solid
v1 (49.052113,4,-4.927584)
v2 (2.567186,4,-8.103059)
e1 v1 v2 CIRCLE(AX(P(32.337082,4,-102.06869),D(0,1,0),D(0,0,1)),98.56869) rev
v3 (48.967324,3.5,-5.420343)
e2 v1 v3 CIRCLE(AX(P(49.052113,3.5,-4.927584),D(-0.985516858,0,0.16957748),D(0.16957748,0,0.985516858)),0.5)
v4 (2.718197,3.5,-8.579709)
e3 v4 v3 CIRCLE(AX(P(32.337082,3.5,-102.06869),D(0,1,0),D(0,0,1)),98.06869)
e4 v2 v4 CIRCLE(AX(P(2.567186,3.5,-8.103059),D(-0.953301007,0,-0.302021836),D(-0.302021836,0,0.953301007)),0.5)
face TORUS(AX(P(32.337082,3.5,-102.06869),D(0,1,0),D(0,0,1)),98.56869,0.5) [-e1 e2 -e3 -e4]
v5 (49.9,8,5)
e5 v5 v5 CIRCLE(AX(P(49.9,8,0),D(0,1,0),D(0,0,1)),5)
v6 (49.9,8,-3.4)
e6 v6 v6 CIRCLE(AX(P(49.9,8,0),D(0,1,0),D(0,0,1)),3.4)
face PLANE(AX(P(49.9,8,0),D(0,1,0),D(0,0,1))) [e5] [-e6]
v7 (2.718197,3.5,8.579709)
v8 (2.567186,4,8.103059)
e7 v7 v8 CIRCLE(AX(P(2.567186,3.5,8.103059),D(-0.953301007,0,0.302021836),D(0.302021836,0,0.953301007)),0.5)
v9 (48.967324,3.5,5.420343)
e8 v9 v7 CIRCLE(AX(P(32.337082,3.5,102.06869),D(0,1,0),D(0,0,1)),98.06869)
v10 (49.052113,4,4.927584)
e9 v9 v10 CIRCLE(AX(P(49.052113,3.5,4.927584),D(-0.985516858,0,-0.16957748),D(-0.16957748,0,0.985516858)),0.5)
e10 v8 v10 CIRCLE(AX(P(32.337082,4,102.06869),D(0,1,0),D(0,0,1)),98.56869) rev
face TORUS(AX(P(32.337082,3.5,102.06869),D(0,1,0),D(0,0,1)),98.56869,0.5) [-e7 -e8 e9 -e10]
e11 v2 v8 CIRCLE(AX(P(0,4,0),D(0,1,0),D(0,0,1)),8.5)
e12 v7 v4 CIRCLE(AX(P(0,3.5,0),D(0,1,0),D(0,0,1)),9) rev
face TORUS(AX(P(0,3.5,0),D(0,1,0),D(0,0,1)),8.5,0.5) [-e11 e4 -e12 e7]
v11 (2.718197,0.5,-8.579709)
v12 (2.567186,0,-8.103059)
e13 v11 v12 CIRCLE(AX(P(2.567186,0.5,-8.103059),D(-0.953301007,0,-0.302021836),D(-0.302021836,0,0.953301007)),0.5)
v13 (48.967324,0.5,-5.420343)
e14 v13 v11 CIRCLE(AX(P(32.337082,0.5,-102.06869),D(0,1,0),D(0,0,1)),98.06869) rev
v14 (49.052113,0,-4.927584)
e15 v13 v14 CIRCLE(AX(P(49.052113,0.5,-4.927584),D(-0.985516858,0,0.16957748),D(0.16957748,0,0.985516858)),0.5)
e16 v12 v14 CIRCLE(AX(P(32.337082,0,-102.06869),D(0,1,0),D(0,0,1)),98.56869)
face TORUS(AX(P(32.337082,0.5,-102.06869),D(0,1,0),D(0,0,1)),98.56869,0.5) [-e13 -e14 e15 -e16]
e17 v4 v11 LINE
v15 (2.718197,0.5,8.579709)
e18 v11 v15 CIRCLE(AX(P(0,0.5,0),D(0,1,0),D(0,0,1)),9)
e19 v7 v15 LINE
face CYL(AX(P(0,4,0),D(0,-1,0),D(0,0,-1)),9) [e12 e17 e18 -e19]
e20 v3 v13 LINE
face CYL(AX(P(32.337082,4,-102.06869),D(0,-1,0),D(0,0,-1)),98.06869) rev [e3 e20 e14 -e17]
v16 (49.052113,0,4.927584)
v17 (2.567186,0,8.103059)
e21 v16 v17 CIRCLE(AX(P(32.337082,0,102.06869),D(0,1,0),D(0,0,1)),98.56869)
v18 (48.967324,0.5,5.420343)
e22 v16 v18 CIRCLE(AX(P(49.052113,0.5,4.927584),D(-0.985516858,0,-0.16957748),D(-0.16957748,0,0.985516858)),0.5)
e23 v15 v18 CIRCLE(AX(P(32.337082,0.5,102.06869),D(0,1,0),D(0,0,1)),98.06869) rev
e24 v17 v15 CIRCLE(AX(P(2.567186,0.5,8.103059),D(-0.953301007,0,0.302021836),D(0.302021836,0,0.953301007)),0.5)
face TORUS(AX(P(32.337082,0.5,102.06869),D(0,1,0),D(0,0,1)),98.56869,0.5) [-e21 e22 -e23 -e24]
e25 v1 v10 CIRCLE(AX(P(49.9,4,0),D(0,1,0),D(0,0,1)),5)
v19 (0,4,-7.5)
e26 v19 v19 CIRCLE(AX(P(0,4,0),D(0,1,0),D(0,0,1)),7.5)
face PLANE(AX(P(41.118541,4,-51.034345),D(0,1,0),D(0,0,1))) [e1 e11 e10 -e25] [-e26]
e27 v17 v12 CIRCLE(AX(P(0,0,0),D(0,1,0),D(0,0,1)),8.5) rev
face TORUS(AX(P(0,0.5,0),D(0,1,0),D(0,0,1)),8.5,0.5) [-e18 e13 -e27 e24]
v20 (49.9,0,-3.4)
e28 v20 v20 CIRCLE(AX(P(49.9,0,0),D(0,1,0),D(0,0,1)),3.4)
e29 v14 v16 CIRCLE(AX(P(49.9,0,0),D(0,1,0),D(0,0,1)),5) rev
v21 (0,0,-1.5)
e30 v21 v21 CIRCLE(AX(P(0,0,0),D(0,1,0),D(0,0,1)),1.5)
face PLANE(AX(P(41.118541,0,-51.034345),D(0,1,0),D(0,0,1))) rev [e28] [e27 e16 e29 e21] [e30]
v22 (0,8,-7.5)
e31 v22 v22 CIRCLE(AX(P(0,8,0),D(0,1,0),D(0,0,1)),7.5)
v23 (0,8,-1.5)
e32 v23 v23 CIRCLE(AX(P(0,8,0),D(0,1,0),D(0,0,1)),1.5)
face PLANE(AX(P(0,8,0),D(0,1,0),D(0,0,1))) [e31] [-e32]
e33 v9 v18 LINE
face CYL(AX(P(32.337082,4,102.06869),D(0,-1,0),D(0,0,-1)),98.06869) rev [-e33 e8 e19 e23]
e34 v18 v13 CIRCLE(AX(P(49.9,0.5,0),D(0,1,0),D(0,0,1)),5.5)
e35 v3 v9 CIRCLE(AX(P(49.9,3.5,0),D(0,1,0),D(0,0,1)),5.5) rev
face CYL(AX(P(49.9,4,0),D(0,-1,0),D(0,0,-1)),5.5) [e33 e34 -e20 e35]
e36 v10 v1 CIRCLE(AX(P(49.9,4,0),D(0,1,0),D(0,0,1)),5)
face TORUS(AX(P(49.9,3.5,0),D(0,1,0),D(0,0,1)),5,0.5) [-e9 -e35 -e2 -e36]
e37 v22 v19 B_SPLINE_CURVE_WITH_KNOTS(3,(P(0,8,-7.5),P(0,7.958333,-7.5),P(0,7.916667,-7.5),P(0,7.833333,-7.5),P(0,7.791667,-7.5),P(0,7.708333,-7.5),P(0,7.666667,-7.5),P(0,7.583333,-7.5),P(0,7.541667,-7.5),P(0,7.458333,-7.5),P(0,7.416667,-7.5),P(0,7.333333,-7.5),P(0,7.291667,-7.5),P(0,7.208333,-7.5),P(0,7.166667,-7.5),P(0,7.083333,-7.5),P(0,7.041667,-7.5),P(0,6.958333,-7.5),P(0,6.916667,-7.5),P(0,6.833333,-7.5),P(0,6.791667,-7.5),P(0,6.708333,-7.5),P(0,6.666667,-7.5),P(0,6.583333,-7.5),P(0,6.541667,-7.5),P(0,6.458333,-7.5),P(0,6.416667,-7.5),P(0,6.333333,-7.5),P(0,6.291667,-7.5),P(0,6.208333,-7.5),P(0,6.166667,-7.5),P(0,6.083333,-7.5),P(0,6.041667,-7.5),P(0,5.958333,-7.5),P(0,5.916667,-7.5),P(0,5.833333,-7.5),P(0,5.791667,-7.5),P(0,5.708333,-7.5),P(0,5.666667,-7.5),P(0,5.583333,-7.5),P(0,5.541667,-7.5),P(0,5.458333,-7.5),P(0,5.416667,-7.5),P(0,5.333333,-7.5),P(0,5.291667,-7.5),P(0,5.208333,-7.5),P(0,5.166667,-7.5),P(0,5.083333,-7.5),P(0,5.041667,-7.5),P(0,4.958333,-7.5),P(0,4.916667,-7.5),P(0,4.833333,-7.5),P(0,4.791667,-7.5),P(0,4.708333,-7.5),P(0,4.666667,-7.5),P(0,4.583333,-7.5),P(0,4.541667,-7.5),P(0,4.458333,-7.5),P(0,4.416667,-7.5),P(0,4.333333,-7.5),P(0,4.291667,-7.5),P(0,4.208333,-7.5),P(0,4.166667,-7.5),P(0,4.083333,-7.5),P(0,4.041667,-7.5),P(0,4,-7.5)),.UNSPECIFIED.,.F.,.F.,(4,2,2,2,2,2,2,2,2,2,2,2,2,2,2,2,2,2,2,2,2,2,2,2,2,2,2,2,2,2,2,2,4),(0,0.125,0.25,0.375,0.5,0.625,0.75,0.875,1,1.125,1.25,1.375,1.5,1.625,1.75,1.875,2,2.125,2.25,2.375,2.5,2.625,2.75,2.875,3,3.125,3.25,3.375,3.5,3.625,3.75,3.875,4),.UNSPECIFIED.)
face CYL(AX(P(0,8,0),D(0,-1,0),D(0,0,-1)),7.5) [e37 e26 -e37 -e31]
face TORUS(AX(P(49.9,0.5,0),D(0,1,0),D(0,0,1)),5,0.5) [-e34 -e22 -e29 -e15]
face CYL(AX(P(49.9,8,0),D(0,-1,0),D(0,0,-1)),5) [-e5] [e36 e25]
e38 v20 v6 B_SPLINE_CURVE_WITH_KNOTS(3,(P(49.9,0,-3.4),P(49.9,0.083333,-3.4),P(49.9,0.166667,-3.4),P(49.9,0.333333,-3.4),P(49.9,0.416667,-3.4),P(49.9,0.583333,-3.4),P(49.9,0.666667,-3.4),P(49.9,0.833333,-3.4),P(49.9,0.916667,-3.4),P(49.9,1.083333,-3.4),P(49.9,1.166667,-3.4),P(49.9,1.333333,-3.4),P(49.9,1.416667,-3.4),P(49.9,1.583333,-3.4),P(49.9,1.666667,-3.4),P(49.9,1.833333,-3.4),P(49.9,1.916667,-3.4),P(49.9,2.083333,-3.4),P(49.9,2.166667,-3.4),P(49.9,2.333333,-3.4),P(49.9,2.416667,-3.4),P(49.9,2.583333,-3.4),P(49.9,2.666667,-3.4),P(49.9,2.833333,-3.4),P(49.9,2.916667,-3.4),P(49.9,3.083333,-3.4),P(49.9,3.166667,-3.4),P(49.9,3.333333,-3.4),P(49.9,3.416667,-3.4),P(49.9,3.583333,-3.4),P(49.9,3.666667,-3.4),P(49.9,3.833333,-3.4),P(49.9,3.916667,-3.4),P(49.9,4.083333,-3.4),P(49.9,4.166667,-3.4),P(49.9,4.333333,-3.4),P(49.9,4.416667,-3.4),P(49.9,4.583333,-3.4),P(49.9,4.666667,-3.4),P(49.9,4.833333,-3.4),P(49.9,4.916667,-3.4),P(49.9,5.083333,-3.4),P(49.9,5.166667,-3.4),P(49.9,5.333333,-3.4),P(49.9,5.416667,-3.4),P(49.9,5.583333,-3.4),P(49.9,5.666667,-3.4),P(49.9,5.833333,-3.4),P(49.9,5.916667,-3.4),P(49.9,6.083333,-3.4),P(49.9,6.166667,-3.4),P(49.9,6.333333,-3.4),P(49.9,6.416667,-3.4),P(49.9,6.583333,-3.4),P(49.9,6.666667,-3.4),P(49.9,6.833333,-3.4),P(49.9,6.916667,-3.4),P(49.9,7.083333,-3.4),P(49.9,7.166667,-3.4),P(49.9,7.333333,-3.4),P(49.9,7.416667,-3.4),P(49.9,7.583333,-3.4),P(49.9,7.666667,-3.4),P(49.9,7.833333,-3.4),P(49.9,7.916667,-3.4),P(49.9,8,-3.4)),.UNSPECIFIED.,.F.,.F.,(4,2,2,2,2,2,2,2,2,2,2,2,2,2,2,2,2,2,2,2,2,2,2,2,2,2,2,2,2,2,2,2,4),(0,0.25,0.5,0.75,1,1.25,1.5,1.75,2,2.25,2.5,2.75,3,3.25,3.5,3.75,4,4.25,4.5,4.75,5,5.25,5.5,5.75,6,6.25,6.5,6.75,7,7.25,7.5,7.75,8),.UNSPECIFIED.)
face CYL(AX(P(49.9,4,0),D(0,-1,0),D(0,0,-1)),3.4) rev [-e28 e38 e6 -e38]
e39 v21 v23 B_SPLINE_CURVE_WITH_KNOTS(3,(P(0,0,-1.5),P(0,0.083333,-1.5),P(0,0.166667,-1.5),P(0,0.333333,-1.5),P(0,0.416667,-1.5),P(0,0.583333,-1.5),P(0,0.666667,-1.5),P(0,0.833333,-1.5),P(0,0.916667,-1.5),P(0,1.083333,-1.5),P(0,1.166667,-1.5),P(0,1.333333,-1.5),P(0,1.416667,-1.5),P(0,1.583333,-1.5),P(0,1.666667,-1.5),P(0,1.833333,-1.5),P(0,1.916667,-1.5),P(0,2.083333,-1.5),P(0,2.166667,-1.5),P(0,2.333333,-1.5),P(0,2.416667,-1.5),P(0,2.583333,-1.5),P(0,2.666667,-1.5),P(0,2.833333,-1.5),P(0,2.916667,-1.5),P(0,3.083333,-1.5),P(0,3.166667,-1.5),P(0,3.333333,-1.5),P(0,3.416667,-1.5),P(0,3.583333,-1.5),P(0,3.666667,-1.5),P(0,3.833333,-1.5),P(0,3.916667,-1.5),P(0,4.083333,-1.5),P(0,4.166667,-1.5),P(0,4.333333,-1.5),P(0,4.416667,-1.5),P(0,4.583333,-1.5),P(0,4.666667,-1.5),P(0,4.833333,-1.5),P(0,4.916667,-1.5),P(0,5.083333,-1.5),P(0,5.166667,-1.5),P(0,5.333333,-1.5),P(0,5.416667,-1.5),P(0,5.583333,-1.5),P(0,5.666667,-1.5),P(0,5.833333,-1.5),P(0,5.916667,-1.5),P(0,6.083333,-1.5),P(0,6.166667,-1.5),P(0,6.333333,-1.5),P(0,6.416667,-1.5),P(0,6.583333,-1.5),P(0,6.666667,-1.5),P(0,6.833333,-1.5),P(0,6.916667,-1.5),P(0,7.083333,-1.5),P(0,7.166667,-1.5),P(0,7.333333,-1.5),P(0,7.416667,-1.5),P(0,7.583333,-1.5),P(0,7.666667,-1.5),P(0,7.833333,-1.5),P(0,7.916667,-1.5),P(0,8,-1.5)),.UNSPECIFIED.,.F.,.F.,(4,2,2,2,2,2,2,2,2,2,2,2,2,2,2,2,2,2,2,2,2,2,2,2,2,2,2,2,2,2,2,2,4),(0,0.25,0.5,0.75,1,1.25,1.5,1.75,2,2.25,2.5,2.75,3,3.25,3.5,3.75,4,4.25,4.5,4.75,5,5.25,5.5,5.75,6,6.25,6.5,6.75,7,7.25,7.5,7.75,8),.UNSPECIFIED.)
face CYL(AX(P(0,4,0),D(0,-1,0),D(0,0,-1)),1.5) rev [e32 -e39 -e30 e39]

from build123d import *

# Parameters (mm, degrees)
SKETCH_1_R      = 1.5
SKETCH_1_R_2    = 3.4
EXTRUDE_1_DEPTH = 4
FILLET_1_R      = 0.5
SKETCH_2_R      = 7.5
SKETCH_2_R_2    = 1.5
SKETCH_2_R_3    = 5
SKETCH_2_R_4    = 3.4
EXTRUDE_2_DEPTH = 4


with BuildPart() as part:
    # 草图1 → 凸台-拉伸1 (new body)
    with BuildSketch(Plane(origin=(0, 0, 0), x_dir=(1, 0, 0), z_dir=(0, 1, 0))):
        with BuildLine():
            ThreePointArc((2.718196527, 8.579709065), (-9, 0), (2.718196527, -8.579709065))
            ThreePointArc((2.718196527, -8.579709065), (25.653399298, -4.228021884), (48.967323861, -5.420342722))
            ThreePointArc((48.967323861, -5.420342722), (55.4, 0), (48.967323861, 5.420342722))
            ThreePointArc((48.967323861, 5.420342722), (25.653399298, 4.228021884), (2.718196527, 8.579709065))
        make_face()
        with Locations(Location((0, 0, 0), (0, 0, 270))):
            Circle(SKETCH_1_R, mode=Mode.SUBTRACT)
        with Locations(Location((49.9, 0, 0), (0, 0, 270))):
            Circle(SKETCH_1_R_2, mode=Mode.SUBTRACT)
    extrude(amount=EXTRUDE_1_DEPTH)

    # 圆角1
    fillet_1_edges = [part.edges().sort_by_distance(p)[0] for p in [
        (25.653399298, 4, 4.228021884),
        (55.4, 4, 0),
        (25.653399298, 4, -4.228021884),
        (55.4, 0, 0),
        (25.653399298, 0, 4.228021884),
        (-9, 0, 0),
        (25.653399298, 0, -4.228021884),
        (-9, 4, 0),
    ]]
    fillet(fillet_1_edges, radius=FILLET_1_R)

    # 草图2 → 凸台-拉伸2 (add)
    # profile 1 of 2: a face of its own
    with BuildSketch(Plane(origin=(0, 4, 0), x_dir=(1, 0, 0), z_dir=(0, 1, 0))):
        with Locations(Location((0, 0, 0), (0, 0, 90))):
            Circle(SKETCH_2_R)
        with Locations(Location((0, 0, 0), (0, 0, 90))):
            Circle(SKETCH_2_R_2, mode=Mode.SUBTRACT)
    # profile 2 of 2: a face of its own
    with BuildSketch(Plane(origin=(0, 4, 0), x_dir=(1, 0, 0), z_dir=(0, 1, 0))):
        with Locations(Location((49.9, 0, 0), (0, 0, 99.763253754))):
            Circle(SKETCH_2_R_3)
        with Locations(Location((49.9, 0, 0), (0, 0, 90))):
            Circle(SKETCH_2_R_4, mode=Mode.SUBTRACT)
    extrude(amount=EXTRUDE_2_DEPTH)


solid = part.part
